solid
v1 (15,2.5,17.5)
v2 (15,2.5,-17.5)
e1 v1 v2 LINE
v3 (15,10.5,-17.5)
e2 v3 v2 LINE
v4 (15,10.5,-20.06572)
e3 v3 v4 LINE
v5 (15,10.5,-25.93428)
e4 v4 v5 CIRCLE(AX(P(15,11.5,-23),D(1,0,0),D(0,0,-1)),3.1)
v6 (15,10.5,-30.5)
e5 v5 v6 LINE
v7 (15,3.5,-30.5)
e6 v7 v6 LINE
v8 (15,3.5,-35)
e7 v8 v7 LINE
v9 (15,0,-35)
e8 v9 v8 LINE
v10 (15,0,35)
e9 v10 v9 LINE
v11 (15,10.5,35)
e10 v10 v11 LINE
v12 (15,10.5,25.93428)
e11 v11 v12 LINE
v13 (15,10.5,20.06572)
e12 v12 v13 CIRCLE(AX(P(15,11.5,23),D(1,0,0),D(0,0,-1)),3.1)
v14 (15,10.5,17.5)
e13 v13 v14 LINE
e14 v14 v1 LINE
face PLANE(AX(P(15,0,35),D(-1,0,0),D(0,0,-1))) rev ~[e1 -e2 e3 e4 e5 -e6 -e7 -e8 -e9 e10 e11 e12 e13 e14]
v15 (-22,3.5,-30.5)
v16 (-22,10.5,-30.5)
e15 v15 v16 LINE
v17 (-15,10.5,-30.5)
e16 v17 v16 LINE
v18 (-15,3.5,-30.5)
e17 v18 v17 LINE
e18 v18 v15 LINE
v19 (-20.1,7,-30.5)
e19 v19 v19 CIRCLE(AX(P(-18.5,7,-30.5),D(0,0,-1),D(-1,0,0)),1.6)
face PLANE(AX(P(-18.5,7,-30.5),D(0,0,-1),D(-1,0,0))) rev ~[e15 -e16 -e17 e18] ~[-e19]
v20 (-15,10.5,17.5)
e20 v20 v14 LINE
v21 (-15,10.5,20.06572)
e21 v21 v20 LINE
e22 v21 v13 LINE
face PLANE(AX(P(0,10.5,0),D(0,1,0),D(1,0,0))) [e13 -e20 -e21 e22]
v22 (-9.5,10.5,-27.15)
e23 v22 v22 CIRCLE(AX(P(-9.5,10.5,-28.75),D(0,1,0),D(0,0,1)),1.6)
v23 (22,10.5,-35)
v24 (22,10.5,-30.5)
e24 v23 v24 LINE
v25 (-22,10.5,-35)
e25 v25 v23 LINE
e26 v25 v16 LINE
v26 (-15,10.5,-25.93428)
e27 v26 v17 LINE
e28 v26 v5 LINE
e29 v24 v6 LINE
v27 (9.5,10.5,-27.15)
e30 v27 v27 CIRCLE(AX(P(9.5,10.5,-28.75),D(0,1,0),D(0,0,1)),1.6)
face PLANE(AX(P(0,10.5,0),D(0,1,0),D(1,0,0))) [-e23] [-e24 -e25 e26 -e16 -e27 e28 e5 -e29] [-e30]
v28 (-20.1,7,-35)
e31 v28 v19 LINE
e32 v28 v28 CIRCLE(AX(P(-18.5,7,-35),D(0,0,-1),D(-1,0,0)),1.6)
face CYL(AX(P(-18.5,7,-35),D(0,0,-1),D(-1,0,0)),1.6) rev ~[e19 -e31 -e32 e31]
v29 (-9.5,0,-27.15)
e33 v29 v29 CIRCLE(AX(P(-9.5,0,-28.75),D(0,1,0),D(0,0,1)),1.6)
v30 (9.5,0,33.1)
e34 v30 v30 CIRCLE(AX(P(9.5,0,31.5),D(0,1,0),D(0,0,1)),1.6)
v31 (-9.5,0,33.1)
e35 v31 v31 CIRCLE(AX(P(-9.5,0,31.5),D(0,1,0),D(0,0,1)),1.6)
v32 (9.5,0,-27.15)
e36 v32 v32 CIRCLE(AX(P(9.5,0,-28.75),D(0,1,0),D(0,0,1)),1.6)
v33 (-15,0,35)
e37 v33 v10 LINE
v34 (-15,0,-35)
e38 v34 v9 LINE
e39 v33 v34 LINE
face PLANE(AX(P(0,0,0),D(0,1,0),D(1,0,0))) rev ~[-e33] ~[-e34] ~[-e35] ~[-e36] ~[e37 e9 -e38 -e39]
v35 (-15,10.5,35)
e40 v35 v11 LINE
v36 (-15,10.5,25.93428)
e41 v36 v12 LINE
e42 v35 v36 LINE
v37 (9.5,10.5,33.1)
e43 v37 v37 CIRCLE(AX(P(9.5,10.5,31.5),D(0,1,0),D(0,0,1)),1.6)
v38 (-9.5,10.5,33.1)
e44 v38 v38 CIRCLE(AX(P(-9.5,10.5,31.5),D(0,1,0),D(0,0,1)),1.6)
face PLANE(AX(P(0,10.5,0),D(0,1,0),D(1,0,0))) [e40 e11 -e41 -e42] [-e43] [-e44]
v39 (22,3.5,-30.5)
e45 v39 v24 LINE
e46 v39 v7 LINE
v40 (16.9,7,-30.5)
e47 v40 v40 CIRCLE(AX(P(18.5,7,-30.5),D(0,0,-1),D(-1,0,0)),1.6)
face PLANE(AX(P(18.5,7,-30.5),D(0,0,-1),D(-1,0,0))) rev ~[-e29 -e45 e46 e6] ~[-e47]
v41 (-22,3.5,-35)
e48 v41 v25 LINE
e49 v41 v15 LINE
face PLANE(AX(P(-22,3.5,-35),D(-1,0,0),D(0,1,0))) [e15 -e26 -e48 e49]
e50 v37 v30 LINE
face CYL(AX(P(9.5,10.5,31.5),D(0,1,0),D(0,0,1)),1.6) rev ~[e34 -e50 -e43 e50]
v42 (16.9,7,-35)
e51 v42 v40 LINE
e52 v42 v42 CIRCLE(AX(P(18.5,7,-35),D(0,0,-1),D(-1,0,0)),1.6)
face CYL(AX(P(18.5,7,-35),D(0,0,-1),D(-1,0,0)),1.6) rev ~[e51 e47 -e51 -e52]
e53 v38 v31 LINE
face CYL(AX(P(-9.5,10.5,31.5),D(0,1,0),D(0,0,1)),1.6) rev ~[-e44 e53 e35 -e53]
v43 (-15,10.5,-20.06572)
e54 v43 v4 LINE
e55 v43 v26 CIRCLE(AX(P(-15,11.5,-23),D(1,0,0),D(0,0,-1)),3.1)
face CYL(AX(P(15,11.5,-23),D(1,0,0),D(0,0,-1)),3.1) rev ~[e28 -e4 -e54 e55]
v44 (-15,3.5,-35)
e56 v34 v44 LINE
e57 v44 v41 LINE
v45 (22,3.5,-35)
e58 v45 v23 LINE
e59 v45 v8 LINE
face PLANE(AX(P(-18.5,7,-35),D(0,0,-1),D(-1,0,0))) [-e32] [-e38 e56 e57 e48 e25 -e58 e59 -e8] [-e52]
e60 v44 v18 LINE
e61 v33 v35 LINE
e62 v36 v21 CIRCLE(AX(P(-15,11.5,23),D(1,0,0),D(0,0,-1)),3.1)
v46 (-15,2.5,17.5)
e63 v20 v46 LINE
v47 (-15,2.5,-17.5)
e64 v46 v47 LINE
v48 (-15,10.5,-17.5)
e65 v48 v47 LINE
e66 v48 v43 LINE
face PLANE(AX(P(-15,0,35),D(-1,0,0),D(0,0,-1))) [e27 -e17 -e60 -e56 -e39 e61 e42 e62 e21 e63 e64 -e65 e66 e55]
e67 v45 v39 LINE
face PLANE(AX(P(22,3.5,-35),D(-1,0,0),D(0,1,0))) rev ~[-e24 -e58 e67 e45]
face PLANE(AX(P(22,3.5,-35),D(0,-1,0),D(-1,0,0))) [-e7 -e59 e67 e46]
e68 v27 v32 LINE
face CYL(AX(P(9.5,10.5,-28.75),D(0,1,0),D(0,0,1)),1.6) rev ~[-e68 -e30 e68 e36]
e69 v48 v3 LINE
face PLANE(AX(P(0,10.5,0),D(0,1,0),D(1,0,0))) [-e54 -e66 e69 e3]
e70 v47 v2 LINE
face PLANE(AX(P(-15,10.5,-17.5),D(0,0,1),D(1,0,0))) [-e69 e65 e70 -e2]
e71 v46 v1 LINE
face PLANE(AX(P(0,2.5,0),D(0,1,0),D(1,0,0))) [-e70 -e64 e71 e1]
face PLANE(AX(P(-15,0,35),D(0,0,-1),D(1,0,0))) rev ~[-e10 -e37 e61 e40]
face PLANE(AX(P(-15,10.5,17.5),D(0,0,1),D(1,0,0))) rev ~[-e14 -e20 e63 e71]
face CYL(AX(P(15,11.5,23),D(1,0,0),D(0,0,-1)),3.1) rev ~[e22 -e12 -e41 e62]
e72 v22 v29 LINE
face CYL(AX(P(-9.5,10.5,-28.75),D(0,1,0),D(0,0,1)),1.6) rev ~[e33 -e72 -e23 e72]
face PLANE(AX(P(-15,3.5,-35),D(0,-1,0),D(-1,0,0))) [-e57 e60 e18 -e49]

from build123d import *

# Parameters (mm, degrees)
SKETCH1_W           = 30
SKETCH1_H           = 70
BOSS_EXTRUDE1_DEPTH = 10.5
SKETCH2_W           = 30
SKETCH2_H           = 35
CUT_EXTRUDE1_DEPTH  = 8
SKETCH3_R           = 3.1
CUT_EXTRUDE2_DEPTH  = 48.2784306
SKETCH4_R           = 1.6
CUT_EXTRUDE3_DEPTH  = 40.5
SKETCH5_W           = 7
SKETCH5_H           = 7
BOSS_EXTRUDE2_DEPTH = 4.5
CUT_EXTRUDE4_REACH  = 76.123
SKETCH6_R           = 1.6


with BuildPart() as part:
    # Sketch1 → Boss-Extrude1 (new body)
    with BuildSketch(Plane(origin=(0, 0, 0), x_dir=(1, 0, 0), z_dir=(0, 1, 0))):
        Rectangle(SKETCH1_W, SKETCH1_H)
    extrude(amount=BOSS_EXTRUDE1_DEPTH)

    # Sketch2 → Cut-Extrude1 (cut)
    with BuildSketch(Plane(origin=(0, 10.5, 0), x_dir=(1, 0, 0), z_dir=(0, 1, 0))):
        Rectangle(SKETCH2_W, SKETCH2_H)
    extrude(amount=-CUT_EXTRUDE1_DEPTH, mode=Mode.SUBTRACT)

    # Sketch3 → Cut-Extrude2 (cut, through all)
    with BuildSketch(Plane(origin=(15, 0, 0), x_dir=(0, 0, -1), z_dir=(1, 0, 0))):
        with Locations((-23, 11.5)):
            Circle(SKETCH3_R)
        with Locations((23, 11.5)):
            Circle(SKETCH3_R)
    extrude(amount=-CUT_EXTRUDE2_DEPTH, mode=Mode.SUBTRACT)

    # Sketch4 → Cut-Extrude3 (cut, through all)
    with BuildSketch(Plane(origin=(0, 10.5, 0), x_dir=(1, 0, 0), z_dir=(0, 1, 0))):
        with Locations(Location((-9.5, -31.5, 0), (0, 0, 270))):
            Circle(SKETCH4_R)
        with Locations(Location((9.5, -31.5, 0), (0, 0, 270))):
            Circle(SKETCH4_R)
        with Locations(Location((-9.5, 28.75, 0), (0, 0, 270))):
            Circle(SKETCH4_R)
        with Locations(Location((9.5, 28.75, 0), (0, 0, 270))):
            Circle(SKETCH4_R)
    extrude(amount=-CUT_EXTRUDE3_DEPTH, mode=Mode.SUBTRACT)

    # Sketch5 → Boss-Extrude2 (add)
    with BuildSketch(Plane(origin=(0, 0, -35), x_dir=(-1, 0, 0), z_dir=(0, 0, -1))):
        with Locations((18.5, 7)):
            Rectangle(SKETCH5_W, SKETCH5_H)
        with Locations((-18.5, 7)):
            Rectangle(SKETCH5_W, SKETCH5_H)
    extrude(amount=-BOSS_EXTRUDE2_DEPTH)

    # Sketch6 → Cut-Extrude4 (cut, up to next)
    with BuildSketch(Plane(origin=(0, 0, -35), x_dir=(-1, 0, 0), z_dir=(0, 0, -1)), mode=Mode.PRIVATE) as cut_extrude4_sk1:
        with Locations((-18.5, 7)):
            Circle(SKETCH6_R)
    cut_extrude4_tool1 = extrude(cut_extrude4_sk1.sketch, amount=-CUT_EXTRUDE4_REACH, mode=Mode.PRIVATE) & part.part
    # Sketch6 → Cut-Extrude4 (cut, up to next)
    with BuildSketch(Plane(origin=(0, 0, -35), x_dir=(-1, 0, 0), z_dir=(0, 0, -1)), mode=Mode.PRIVATE) as cut_extrude4_sk2:
        with Locations((18.5, 7)):
            Circle(SKETCH6_R)
    cut_extrude4_tool2 = extrude(cut_extrude4_sk2.sketch, amount=-CUT_EXTRUDE4_REACH, mode=Mode.PRIVATE) & part.part
    add(cut_extrude4_tool1.solids().sort_by_distance((18.5, 7, -35))[0], mode=Mode.SUBTRACT)
    add(cut_extrude4_tool2.solids().sort_by_distance((-18.5, 7, -35))[0], mode=Mode.SUBTRACT)


solid = part.part
